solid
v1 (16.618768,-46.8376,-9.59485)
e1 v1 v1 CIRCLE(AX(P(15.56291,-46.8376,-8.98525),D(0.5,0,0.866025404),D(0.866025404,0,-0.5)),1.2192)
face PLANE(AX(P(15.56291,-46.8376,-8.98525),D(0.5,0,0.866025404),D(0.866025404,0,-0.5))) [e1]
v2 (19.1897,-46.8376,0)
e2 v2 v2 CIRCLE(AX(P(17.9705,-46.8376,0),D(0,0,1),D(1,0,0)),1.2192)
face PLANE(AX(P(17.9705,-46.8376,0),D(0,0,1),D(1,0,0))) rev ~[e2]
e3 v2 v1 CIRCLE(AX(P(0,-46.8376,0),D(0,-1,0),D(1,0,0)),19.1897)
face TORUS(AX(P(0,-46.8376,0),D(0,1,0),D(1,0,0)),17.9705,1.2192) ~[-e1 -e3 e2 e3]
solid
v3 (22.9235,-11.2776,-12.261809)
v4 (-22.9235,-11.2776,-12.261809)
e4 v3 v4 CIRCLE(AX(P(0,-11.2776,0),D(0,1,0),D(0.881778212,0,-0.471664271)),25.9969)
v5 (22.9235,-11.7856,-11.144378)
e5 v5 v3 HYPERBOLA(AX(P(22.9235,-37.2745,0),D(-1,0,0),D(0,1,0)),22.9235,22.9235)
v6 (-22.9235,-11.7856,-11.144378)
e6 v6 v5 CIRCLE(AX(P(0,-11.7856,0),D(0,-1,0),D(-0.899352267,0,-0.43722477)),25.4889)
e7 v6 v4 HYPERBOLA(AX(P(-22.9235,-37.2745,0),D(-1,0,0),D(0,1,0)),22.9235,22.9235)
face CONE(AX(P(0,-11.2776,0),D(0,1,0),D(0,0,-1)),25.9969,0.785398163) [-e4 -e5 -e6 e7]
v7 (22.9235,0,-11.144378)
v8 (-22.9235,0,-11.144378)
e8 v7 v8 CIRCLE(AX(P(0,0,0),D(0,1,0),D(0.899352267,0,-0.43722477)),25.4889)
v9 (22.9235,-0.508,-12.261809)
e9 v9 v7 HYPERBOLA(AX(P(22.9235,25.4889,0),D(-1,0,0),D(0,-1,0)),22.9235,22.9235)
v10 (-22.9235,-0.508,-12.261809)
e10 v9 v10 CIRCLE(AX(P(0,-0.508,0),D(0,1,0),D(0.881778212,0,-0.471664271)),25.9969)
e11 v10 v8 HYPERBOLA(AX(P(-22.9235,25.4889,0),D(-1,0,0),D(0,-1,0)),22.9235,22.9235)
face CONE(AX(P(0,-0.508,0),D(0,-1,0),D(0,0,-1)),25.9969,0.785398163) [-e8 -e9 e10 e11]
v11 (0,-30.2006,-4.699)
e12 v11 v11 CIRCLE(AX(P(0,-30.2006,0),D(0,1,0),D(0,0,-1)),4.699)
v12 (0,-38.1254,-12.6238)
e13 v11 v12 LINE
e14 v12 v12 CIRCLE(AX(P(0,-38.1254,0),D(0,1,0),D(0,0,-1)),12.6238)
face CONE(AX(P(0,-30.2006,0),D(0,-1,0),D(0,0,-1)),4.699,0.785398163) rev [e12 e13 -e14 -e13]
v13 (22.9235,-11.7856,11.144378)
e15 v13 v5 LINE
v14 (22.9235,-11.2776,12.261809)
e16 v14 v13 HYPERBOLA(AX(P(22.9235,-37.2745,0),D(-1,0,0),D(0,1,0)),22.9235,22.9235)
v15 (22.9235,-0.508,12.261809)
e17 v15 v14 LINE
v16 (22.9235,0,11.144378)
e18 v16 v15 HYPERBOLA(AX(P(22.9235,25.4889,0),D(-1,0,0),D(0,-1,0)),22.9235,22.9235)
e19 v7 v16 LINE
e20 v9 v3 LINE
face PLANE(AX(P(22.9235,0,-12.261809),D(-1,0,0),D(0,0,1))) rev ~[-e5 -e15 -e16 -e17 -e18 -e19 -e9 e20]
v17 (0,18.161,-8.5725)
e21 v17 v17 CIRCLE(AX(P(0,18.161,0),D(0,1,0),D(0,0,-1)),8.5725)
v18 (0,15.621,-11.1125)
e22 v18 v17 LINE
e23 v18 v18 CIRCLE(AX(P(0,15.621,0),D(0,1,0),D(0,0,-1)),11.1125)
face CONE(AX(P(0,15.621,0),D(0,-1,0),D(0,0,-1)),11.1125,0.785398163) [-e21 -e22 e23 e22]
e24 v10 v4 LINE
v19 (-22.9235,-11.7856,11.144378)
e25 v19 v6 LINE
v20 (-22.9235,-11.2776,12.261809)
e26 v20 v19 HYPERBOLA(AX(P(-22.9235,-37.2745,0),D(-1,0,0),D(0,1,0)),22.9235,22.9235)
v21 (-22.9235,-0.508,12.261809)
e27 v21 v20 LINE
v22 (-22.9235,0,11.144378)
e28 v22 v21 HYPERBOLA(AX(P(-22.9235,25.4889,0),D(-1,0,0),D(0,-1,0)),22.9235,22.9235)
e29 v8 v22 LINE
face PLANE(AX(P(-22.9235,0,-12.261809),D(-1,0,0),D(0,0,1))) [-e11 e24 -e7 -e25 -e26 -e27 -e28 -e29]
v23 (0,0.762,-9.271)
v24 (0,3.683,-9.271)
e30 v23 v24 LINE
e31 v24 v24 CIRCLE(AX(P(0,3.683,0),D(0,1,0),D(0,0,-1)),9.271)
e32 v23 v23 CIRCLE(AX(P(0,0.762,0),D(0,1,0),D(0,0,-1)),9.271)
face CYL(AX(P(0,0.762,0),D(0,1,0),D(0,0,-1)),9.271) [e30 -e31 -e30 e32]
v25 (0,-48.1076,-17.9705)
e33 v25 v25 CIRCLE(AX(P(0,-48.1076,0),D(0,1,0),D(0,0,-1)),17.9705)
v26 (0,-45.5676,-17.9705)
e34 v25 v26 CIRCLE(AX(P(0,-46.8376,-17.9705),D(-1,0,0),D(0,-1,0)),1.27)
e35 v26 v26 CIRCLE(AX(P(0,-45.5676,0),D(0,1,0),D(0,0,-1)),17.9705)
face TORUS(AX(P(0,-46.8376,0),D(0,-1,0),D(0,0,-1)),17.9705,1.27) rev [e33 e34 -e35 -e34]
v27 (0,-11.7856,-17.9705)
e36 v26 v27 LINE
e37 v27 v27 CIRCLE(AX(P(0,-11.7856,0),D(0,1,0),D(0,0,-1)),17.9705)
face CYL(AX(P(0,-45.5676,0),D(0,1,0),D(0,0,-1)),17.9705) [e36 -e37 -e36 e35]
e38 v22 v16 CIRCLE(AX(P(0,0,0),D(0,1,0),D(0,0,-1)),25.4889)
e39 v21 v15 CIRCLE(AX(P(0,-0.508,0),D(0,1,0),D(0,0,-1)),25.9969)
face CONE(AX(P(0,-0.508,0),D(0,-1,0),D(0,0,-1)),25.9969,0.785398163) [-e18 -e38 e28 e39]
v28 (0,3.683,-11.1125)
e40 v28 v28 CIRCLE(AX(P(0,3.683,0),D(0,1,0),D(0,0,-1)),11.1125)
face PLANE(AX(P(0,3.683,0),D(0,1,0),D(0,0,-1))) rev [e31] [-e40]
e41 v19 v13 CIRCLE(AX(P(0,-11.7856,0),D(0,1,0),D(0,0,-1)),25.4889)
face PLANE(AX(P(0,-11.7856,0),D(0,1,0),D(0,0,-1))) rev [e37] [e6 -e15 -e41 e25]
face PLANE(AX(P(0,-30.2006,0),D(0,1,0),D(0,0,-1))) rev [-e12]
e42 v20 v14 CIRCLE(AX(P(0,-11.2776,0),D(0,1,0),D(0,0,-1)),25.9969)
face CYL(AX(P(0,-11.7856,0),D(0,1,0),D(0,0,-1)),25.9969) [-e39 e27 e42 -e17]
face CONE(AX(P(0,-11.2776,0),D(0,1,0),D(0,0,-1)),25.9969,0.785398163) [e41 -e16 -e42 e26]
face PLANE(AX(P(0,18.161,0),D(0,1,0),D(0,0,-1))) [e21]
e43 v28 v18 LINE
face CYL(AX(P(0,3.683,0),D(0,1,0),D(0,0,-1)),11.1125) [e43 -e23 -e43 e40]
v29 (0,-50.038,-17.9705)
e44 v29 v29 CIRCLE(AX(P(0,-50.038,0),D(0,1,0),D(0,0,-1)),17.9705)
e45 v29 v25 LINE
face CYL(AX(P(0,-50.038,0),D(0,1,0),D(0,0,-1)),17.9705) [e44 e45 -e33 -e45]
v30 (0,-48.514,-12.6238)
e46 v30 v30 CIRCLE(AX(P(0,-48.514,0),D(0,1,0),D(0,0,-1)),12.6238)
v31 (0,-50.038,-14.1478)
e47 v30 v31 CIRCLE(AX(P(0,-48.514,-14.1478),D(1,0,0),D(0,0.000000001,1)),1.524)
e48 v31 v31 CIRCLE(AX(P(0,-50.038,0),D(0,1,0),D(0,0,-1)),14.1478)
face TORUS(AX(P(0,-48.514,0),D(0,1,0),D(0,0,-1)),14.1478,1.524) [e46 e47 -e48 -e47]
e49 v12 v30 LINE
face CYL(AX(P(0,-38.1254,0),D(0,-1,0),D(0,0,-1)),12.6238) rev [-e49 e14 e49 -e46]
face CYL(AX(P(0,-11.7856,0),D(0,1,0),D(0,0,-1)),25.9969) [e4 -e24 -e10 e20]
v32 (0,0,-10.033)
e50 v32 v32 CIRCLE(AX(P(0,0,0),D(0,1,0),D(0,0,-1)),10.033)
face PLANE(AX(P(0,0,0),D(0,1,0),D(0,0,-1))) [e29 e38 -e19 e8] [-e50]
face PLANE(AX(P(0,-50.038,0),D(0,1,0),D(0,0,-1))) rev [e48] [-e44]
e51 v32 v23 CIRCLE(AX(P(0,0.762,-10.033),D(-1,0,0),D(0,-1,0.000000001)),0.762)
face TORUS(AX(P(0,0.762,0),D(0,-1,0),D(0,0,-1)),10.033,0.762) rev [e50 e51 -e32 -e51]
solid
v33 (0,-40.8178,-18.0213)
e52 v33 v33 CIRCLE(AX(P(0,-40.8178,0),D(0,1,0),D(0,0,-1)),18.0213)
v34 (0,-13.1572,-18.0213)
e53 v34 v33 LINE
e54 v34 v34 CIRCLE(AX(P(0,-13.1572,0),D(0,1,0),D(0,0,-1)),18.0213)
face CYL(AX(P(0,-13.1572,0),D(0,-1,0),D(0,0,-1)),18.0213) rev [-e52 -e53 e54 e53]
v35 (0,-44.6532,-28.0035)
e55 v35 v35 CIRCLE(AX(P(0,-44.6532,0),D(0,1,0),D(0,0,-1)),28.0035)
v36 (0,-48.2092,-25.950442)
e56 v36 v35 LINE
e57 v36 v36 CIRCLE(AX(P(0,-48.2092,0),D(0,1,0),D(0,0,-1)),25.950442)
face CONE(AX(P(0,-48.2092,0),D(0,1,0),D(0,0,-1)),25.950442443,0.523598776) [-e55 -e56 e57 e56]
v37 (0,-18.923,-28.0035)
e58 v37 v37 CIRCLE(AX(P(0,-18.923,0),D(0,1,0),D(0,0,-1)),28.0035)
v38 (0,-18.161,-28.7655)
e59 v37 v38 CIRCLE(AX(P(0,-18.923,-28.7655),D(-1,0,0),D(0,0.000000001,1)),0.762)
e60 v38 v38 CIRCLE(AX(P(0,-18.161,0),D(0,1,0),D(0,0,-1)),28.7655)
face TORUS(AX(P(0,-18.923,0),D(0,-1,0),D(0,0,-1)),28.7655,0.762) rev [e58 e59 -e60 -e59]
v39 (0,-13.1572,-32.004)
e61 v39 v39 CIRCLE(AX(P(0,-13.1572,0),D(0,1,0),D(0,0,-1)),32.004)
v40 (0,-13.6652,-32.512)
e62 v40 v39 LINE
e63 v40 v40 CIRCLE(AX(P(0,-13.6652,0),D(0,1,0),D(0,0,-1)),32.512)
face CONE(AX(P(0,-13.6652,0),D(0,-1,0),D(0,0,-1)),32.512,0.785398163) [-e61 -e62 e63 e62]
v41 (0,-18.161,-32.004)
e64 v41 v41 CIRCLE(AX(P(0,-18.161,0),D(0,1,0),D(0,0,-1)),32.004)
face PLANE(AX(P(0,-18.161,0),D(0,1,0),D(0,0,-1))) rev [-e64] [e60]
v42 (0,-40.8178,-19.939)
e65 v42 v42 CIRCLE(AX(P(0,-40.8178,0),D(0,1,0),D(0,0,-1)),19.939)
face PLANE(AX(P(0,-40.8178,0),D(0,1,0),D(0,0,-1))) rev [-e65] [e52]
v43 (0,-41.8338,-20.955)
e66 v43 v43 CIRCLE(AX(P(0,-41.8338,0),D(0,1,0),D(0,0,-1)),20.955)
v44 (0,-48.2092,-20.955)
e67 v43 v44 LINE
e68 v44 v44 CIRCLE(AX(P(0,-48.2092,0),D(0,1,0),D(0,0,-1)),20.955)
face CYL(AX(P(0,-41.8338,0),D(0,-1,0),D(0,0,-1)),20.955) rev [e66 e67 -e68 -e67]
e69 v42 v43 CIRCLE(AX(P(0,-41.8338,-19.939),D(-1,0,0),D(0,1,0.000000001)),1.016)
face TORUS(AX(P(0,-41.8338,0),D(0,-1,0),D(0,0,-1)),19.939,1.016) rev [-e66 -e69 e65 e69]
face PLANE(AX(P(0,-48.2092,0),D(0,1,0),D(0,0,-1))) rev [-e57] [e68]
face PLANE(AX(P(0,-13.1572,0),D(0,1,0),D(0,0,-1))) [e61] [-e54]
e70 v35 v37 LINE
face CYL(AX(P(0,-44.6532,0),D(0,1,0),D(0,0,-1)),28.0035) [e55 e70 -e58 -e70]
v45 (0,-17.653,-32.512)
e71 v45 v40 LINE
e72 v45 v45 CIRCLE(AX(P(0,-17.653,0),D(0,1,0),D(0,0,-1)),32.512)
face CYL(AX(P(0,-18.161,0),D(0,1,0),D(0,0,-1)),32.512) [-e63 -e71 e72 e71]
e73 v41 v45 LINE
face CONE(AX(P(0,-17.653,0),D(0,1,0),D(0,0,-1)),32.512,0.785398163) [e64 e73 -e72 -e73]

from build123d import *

# Parameters (mm, degrees)
CHAMFER1_SIZE      = 0.508
CHAMFER2_SIZE      = 2.54
CUT_EXTRUDE1_DEPTH = 51.038
CHAMFER3_SIZE      = 0.508
SKETCH3_R          = 1.2192
REVOLVE3_ANGLE     = 330


with BuildPart() as part:
    # Sketch1 → Revolve1 (revolve)
    with BuildSketch(Plane.XY, mode=Mode.PRIVATE) as revolve1_sk:
        with BuildLine():
            Line((0, 18.161), (0, -30.2006))
            Line((0, -30.2006), (4.699, -30.2006))
            Line((4.699, -30.2006), (12.6238, -38.1254))
            Line((12.6238, -38.1254), (12.6238, -48.514))
            ThreePointArc((12.6238, -48.514), (13.070169265, -49.591630735), (14.1478, -50.038))
            Line((14.1478, -50.038), (17.9705, -50.038))
            Line((17.9705, -50.038), (17.9705, -48.1076))
            ThreePointArc((17.9705, -48.1076), (16.7005, -46.8376), (17.9705, -45.5676))
            Line((17.9705, -45.5676), (17.9705, -11.7856))
            Line((17.9705, -11.7856), (25.9969, -11.7856))
            Line((25.9969, -11.7856), (25.9969, 0))
            Line((25.9969, 0), (10.033, 0))
            ThreePointArc((10.033, 0), (9.494184633, 0.223184633), (9.271, 0.762))
            Line((9.271, 0.762), (9.271, 3.683))
            Line((9.271, 3.683), (11.1125, 3.683))
            Line((11.1125, 3.683), (11.1125, 18.161))
            Line((11.1125, 18.161), (0, 18.161))
        make_face()
    revolve(revolve1_sk.sketch.rotate(Axis((0, 18.161, 0), (0, 1, 0)), 90), axis=Axis((0, 18.161, 0), (0, 1, 0)))  # turned: the seam where the file's is

    # Chamfer1
    chamfer1_edges = [part.edges().sort_by_distance(p)[0] for p in [
        (0, -11.7856, 25.9969),
        (0, 0, 25.9969),
    ]]
    chamfer(chamfer1_edges, length=CHAMFER1_SIZE)

    # Chamfer2
    chamfer2_edges = [part.edges().sort_by_distance(p)[0] for p in [
        (0, 18.161, 11.1125),
    ]]
    chamfer(chamfer2_edges, length=CHAMFER2_SIZE)

    # Sketch4 → Cut-Extrude1 (cut, through all)
    with BuildSketch(Plane(origin=(0, 0, 0), x_dir=(1, 0, 0), z_dir=(0, 1, 0))):
        with BuildLine():
            Line((-22.9235, 12.261808894), (-22.9235, -12.261808894))
            ThreePointArc((-22.9235, -12.261808894), (-25.9969, 0), (-22.9235, 12.261808894))
        make_face()
        with BuildLine():
            Line((22.9235, 12.261808894), (22.9235, -12.261808894))
            ThreePointArc((22.9235, -12.261808894), (25.9969, 0), (22.9235, 12.261808894))
        make_face()
    extrude(amount=-CUT_EXTRUDE1_DEPTH, mode=Mode.SUBTRACT)


with BuildPart() as body_2:
    # Sketch2 → Revolve2 (revolve)
    with BuildSketch(Plane.XY, mode=Mode.PRIVATE) as revolve2_sk:
        with BuildLine():
            Line((18.0213, -13.1572), (18.0213, -40.8178))
            Line((18.0213, -40.8178), (19.939, -40.8178))
            ThreePointArc((19.939, -40.8178), (20.65742049, -41.11537951), (20.955, -41.8338))
            Line((20.955, -41.8338), (20.955, -48.2092))
            Line((20.955, -48.2092), (25.950442443, -48.2092))
            Line((25.950442443, -48.2092), (28.0035, -44.6532))
            Line((28.0035, -44.6532), (28.0035, -18.923))
            ThreePointArc((28.0035, -18.923), (28.226684633, -18.384184633), (28.7655, -18.161))
            Line((28.7655, -18.161), (32.512, -18.161))
            Line((32.512, -18.161), (32.512, -13.1572))
            Line((32.512, -13.1572), (18.0213, -13.1572))
        make_face()
    revolve(revolve2_sk.sketch.rotate(Axis((0, 0, 0), (0, 1, 0)), 90), axis=Axis((0, 0, 0), (0, 1, 0)))  # turned: the seam where the file's is

    # Chamfer3
    chamfer3_edges = [body_2.edges().sort_by_distance(p)[0] for p in [
        (0, -13.1572, 32.512),
        (0, -18.161, 32.512),
    ]]
    chamfer(chamfer3_edges, length=CHAMFER3_SIZE)


with BuildPart() as body_3:
    # Sketch3 → Revolve3 (revolve)
    with BuildSketch(Plane.XY):
        with Locations((17.9705, -46.8376)):
            Circle(SKETCH3_R)
    revolve(axis=Axis((0, 0, 0), (0, -1, 0)), revolution_arc=REVOLVE3_ANGLE)


solid = Compound([part.part, body_2.part, body_3.part])
